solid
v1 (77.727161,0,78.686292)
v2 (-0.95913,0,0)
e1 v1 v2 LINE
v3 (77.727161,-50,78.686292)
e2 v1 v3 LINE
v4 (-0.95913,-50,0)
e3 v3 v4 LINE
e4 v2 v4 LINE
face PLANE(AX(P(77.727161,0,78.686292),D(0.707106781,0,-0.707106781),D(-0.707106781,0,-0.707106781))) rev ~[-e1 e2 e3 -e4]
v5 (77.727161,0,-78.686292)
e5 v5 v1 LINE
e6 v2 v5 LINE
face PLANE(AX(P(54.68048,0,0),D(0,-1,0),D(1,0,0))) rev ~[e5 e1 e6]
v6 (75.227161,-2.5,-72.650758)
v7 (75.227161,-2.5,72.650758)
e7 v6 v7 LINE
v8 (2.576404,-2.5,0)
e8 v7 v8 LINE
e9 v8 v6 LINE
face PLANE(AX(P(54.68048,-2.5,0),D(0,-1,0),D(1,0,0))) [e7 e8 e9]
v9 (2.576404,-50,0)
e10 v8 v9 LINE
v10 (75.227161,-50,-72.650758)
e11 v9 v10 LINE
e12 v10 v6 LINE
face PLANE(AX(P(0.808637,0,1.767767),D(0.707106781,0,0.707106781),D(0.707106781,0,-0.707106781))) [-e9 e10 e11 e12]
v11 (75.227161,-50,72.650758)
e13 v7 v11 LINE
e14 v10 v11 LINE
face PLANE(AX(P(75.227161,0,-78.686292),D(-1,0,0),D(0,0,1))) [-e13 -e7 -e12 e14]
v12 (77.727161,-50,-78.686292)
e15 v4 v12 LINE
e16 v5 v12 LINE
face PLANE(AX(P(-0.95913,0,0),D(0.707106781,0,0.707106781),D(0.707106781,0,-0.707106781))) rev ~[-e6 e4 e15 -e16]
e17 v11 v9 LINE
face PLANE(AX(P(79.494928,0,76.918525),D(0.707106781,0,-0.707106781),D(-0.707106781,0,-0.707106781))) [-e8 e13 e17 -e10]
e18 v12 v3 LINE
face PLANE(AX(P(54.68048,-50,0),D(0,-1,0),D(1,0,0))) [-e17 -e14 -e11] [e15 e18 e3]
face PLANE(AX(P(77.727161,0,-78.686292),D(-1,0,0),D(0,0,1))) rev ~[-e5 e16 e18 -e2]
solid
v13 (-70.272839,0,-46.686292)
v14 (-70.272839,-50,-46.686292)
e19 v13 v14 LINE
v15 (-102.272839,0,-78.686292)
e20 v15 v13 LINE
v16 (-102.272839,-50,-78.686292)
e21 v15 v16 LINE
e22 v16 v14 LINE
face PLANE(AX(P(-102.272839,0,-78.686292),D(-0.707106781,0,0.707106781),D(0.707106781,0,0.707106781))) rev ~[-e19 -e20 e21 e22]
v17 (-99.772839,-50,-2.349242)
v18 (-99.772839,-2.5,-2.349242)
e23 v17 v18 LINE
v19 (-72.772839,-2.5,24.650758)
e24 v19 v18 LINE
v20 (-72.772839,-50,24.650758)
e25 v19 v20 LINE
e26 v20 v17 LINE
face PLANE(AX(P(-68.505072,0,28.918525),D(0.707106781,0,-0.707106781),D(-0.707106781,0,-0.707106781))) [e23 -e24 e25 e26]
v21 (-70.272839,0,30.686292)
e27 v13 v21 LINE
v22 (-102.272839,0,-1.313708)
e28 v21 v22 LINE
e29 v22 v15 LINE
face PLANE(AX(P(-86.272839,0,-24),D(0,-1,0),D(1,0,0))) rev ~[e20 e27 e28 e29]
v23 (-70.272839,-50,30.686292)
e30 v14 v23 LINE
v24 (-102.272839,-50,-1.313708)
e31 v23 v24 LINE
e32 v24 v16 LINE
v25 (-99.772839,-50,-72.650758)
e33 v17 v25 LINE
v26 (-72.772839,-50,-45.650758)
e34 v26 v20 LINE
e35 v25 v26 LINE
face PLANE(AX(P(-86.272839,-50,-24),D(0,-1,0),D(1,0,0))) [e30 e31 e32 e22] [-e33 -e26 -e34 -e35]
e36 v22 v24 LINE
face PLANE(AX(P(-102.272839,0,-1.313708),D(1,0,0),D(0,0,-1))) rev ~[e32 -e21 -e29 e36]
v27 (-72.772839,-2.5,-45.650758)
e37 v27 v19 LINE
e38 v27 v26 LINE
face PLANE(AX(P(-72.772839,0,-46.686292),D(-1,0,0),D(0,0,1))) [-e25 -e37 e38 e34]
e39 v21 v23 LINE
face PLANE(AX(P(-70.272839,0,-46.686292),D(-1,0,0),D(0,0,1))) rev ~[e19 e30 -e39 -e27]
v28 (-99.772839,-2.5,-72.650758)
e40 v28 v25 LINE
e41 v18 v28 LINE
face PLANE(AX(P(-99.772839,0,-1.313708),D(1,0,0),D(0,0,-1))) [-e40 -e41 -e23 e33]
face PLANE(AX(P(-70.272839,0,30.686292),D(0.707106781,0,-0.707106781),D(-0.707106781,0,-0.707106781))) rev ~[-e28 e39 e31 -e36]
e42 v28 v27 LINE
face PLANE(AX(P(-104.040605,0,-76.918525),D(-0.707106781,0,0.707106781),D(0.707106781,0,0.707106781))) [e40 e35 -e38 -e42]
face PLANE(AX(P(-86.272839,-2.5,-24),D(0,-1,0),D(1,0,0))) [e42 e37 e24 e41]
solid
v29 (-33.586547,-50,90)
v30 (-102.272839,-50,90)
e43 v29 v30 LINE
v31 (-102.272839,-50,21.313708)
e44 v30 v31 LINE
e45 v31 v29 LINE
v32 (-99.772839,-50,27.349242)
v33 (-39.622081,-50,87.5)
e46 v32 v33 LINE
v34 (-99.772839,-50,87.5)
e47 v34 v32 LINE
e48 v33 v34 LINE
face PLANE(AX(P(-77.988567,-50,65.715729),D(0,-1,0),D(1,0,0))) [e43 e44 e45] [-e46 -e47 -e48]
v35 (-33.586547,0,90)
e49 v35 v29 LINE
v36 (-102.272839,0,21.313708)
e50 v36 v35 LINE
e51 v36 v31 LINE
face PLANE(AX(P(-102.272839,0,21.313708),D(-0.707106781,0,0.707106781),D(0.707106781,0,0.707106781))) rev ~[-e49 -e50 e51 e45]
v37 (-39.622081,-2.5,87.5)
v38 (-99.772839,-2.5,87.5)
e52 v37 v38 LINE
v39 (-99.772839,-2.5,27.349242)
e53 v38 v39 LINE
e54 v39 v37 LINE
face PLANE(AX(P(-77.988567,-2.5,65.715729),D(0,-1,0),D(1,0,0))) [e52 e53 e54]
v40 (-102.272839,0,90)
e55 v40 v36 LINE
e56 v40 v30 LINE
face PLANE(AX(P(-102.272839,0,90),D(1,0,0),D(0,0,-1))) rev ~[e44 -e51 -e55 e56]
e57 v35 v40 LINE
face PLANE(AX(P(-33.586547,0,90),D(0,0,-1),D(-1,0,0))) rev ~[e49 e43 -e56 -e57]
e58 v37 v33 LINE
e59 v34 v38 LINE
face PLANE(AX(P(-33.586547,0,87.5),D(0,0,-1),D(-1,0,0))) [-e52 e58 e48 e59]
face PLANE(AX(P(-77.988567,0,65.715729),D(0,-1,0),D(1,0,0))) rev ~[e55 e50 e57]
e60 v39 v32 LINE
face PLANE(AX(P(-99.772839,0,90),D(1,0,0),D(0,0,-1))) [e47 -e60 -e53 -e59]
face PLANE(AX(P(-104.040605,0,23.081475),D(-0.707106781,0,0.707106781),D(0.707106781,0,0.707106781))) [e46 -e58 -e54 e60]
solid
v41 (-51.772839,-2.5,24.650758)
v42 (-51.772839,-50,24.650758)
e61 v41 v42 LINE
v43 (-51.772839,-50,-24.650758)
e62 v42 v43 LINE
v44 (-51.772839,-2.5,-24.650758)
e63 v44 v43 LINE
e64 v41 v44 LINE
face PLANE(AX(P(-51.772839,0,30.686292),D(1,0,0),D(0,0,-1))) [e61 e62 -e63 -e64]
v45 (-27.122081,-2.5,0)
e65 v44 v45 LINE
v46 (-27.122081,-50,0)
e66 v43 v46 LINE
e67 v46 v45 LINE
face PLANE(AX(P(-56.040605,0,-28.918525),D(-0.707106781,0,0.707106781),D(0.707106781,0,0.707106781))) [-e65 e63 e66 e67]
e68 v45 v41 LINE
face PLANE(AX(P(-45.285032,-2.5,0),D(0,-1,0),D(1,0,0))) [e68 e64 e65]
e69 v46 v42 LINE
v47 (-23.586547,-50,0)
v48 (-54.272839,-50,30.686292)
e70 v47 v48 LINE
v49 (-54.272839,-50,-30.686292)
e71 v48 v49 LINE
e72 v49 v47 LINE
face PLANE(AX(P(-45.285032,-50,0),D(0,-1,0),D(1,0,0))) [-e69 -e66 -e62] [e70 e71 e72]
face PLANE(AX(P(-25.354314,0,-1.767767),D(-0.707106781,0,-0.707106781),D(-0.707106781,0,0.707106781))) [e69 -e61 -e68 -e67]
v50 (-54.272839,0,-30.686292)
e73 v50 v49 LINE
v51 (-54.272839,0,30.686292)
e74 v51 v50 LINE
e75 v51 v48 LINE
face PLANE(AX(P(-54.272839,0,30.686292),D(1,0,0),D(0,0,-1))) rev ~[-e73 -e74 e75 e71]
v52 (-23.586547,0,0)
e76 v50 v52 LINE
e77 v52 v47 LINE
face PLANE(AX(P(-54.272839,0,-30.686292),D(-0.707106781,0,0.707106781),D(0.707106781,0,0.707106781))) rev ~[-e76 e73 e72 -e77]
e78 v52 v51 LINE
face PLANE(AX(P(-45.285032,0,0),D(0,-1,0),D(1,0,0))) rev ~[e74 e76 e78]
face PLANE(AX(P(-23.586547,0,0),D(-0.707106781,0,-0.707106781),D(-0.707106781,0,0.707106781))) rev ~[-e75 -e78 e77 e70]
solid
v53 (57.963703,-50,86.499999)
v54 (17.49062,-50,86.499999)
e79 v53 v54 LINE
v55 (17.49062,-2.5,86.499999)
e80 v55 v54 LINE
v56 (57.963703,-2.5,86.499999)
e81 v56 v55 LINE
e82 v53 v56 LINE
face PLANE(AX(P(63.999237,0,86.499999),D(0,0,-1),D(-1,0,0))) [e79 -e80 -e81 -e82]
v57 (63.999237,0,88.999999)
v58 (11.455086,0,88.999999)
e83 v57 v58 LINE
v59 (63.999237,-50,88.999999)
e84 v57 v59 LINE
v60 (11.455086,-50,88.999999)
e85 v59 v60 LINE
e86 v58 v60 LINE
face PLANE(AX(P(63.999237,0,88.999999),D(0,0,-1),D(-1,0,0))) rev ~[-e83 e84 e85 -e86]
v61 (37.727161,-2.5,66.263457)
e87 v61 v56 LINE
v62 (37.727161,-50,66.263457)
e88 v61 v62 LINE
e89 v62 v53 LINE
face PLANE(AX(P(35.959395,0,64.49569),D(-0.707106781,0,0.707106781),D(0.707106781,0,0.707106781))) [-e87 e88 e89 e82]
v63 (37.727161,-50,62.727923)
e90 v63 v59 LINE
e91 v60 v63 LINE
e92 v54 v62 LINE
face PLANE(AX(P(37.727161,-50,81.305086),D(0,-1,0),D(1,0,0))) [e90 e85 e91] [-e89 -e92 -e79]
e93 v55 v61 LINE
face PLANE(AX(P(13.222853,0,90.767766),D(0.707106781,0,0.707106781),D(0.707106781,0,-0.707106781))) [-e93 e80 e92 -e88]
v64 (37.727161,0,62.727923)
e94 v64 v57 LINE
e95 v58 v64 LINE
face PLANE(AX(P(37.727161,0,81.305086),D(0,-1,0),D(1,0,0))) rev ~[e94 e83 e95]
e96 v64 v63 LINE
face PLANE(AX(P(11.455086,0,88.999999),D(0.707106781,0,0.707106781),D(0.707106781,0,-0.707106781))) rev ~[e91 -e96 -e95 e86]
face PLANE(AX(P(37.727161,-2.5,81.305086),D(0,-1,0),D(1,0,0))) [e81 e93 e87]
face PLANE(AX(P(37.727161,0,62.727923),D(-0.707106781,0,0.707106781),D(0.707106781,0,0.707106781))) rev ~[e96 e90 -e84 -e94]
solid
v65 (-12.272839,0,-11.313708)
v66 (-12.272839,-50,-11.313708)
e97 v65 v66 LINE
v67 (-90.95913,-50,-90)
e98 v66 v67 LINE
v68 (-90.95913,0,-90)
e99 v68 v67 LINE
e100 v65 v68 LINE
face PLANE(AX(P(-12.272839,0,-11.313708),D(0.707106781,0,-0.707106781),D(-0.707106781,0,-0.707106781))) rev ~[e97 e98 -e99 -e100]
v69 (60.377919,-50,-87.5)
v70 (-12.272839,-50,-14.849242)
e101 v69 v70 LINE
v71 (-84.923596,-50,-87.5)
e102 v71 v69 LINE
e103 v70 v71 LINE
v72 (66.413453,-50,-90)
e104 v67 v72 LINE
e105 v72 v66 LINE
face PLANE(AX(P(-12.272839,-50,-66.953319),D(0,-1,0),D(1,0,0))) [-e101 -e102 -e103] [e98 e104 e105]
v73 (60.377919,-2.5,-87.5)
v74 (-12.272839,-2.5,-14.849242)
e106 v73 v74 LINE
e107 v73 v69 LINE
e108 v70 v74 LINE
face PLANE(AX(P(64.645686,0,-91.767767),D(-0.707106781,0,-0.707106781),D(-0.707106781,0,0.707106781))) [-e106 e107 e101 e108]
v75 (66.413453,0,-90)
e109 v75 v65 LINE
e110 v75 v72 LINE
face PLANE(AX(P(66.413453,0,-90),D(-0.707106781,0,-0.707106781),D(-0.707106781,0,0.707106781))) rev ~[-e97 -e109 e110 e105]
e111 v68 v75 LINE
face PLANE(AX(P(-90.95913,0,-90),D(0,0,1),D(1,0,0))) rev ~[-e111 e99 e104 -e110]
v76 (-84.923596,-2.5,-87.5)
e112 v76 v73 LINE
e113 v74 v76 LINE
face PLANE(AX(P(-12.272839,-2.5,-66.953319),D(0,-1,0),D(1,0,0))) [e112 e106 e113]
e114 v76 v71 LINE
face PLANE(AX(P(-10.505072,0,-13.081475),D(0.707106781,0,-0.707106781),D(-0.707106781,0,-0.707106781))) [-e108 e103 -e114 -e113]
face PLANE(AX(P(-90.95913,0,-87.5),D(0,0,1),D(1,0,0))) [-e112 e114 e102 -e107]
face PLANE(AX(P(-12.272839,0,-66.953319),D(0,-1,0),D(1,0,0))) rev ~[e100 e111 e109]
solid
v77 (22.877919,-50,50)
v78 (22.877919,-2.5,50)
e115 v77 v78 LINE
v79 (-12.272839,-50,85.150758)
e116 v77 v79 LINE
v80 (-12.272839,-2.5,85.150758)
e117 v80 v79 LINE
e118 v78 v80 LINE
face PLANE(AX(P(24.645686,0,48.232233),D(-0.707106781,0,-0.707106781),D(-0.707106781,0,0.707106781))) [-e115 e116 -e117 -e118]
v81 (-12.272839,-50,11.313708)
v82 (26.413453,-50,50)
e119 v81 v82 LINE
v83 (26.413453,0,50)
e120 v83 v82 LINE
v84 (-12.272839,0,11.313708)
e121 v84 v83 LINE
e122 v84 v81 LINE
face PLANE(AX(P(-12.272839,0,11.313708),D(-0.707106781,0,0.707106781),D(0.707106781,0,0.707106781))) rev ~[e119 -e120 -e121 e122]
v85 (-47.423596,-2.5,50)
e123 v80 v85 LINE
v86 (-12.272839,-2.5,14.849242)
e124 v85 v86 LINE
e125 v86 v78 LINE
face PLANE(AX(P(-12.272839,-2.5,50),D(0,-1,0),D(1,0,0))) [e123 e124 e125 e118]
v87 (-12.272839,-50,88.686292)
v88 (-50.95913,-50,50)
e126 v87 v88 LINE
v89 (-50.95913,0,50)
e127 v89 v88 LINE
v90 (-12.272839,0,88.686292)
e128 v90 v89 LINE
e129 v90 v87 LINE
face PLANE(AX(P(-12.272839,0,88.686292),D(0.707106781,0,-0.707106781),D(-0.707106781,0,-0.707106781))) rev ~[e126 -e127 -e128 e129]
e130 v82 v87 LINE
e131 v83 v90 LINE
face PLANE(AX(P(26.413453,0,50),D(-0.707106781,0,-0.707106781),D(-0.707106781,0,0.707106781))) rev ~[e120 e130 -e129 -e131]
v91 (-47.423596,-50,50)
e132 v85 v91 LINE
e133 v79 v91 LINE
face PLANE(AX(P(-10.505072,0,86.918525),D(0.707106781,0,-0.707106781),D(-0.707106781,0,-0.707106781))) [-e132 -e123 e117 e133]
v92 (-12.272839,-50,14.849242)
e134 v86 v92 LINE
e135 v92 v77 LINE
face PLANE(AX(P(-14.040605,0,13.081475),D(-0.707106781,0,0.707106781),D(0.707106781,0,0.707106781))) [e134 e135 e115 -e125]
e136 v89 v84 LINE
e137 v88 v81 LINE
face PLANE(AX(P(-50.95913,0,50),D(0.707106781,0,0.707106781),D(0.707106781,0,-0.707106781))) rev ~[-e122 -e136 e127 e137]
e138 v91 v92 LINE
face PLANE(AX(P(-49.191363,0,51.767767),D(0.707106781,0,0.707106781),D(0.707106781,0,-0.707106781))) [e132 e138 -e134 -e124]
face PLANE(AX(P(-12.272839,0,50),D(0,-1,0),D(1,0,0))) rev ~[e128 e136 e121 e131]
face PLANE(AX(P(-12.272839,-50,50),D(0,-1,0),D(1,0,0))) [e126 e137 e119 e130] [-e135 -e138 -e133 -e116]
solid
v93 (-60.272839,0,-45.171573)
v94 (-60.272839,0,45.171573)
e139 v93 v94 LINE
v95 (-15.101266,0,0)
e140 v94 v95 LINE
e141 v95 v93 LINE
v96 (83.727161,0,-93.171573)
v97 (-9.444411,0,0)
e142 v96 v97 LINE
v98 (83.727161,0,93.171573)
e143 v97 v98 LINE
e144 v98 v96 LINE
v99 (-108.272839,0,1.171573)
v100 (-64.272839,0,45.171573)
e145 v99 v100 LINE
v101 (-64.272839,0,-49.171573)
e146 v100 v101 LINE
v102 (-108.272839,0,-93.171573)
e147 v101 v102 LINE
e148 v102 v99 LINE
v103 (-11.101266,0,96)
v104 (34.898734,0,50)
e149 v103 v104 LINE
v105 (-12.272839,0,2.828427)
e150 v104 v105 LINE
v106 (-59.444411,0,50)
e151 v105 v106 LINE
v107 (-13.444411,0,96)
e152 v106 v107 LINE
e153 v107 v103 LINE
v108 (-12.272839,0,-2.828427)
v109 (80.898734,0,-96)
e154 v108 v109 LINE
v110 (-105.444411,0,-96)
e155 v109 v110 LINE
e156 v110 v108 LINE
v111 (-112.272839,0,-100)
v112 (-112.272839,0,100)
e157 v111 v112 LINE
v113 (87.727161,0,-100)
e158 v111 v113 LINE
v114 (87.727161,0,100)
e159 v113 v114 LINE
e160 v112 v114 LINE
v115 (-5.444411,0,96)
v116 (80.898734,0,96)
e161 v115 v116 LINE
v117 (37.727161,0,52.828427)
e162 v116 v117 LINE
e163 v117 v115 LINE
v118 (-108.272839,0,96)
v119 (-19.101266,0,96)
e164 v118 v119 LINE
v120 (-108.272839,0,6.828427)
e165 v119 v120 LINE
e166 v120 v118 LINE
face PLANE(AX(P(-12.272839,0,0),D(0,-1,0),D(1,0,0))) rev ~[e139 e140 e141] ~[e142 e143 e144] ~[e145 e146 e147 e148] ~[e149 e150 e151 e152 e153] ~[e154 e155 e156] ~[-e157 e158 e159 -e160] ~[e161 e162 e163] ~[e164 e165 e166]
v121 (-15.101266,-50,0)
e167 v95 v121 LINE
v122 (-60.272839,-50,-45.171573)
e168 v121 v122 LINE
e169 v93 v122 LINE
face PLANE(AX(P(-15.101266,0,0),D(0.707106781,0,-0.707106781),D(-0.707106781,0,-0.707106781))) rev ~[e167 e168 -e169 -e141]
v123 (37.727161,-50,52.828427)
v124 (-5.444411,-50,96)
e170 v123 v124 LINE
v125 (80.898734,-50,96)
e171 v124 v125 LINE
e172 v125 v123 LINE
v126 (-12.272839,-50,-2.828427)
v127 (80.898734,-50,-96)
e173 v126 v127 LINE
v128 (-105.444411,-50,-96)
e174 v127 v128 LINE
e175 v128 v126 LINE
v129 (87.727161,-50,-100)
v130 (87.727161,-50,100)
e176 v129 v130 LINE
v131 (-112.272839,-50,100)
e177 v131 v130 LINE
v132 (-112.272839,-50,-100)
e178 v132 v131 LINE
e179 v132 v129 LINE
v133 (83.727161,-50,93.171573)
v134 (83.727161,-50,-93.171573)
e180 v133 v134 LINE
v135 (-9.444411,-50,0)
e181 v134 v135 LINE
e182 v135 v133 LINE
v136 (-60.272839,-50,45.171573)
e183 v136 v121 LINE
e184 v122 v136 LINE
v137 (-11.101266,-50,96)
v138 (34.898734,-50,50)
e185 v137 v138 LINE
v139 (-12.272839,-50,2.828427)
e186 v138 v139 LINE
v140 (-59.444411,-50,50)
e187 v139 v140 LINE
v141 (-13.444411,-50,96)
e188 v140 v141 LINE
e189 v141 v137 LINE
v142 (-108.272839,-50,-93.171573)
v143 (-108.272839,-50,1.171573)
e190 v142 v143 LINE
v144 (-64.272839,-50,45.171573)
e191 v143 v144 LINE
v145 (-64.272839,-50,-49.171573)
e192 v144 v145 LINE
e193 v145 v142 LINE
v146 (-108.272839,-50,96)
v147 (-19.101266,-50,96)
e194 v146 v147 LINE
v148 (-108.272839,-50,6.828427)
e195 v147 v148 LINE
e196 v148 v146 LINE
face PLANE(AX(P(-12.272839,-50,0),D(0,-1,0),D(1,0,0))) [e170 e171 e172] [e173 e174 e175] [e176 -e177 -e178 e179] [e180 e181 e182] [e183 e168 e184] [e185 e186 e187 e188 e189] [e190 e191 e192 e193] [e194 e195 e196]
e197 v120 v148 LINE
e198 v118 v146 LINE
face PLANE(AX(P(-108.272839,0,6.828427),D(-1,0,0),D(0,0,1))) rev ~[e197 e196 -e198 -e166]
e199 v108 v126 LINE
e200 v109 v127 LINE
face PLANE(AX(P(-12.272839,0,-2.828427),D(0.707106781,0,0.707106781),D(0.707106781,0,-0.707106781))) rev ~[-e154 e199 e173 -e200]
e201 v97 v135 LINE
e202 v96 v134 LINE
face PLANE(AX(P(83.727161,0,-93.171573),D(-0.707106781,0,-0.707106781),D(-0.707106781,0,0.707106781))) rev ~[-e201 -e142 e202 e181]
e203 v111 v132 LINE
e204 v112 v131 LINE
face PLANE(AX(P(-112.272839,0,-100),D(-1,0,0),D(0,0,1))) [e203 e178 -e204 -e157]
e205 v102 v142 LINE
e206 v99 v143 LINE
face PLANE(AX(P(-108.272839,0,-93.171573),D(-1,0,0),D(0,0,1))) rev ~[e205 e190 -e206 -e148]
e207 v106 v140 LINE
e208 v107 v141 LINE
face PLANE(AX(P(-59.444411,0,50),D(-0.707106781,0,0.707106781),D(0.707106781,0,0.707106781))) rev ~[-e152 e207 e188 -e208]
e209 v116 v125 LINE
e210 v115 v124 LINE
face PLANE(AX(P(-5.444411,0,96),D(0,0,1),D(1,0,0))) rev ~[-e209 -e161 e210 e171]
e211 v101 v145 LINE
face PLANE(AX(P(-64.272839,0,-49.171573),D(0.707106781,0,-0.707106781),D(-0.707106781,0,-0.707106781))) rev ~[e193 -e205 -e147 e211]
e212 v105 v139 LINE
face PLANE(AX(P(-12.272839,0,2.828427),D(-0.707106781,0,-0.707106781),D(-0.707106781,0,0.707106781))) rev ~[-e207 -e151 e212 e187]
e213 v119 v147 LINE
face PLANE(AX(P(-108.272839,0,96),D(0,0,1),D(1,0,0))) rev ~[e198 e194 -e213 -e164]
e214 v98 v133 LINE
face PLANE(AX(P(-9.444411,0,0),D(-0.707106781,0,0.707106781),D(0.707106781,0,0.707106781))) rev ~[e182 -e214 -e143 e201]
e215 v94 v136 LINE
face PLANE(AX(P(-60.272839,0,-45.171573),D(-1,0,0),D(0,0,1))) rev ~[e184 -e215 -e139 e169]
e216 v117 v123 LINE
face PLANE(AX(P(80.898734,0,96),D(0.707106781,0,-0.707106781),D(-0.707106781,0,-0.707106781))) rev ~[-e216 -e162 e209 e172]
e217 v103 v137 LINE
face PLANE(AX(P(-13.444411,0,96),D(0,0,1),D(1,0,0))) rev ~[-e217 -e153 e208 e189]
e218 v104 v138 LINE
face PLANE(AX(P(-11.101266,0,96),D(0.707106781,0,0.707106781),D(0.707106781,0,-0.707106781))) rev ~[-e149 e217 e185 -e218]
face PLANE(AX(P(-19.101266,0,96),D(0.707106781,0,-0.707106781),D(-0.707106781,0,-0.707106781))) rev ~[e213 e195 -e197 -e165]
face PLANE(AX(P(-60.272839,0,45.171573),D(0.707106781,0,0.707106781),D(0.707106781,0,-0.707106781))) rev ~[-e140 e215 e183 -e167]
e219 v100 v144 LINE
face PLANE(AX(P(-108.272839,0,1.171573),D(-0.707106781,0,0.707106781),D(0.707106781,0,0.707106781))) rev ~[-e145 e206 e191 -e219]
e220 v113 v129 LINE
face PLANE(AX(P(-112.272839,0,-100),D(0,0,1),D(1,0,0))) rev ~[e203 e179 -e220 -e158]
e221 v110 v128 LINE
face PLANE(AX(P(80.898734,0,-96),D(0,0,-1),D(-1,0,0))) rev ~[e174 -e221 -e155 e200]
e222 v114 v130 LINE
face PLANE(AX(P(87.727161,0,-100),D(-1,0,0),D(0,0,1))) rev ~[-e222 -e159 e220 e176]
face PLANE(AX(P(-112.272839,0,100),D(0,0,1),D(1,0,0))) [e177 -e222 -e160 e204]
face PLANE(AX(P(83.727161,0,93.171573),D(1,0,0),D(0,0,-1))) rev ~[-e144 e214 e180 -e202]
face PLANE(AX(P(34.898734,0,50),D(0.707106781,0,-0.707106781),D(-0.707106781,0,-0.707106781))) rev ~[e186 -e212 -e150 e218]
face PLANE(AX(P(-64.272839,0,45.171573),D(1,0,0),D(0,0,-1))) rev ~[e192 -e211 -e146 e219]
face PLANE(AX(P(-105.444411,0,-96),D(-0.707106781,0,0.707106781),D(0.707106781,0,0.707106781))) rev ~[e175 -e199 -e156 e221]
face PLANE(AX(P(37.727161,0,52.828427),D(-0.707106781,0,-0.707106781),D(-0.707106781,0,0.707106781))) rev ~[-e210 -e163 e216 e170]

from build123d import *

# Parameters (mm, degrees)
F0_W     = 200
F0_H     = 200
F1_DEPTH = 50
F3_DEPTH = 50
F4_T     = -2.5
F4_2_T   = -2.5
F4_3_T   = -2.5
F4_4_T   = -2.5
F4_5_T   = -2.5
F4_6_T   = -2.5
F4_7_T   = -2.5


with BuildPart() as f1:
    # F0 (on Front) → F1 (new body)
    with BuildSketch(Plane.XZ):
        with Locations((-12.2728385031, 0)):
            Rectangle(F0_W, F0_H)
        Polygon((-64.2728385031, -49.1715728753), (-108.2728385031, -93.1715728753), (-108.2728385031, 1.1715728753), (-64.2728385031, 45.1715728753), align=None, mode=Mode.SUBTRACT)
        Polygon((-60.2728385031, -45.1715728753), (-60.2728385031, 45.1715728753), (-15.1012656279, 0), align=None, mode=Mode.SUBTRACT)
        Polygon((-12.2728385031, -2.8284271247), (80.8987343721, -96), (-105.4444113784, -96), align=None, mode=Mode.SUBTRACT)
        Polygon((-108.2728385031, 96), (-19.1012656279, 96), (-108.2728385031, 6.8284271247), align=None, mode=Mode.SUBTRACT)
        Polygon((83.7271614969, 93.1715728753), (83.7271614969, -93.1715728753), (-9.4444113784, 0), align=None, mode=Mode.SUBTRACT)
        Polygon((-59.4444113784, 50), (-13.4444113784, 96), (-11.1012656279, 96), (34.8987343721, 50), (-12.2728385031, 2.8284271247), align=None, mode=Mode.SUBTRACT)
        Polygon((-5.4444113784, 96), (80.8987343721, 96), (37.7271614969, 52.8284271247), align=None, mode=Mode.SUBTRACT)
    extrude(amount=F1_DEPTH)


with BuildPart() as f3:
    # F2 (on Front) → F3 (new body)
    with BuildSketch(Plane.XZ):
        Polygon((77.7271614969, -78.686291501), (77.7271614969, 78.686291501), (-0.9591300041, 0), align=None)
    extrude(amount=F3_DEPTH)

    # F4#7
    f4_7_openings = [f3.faces().sort_by_distance(p)[0] for p in [
        (51.498398, -50, 0),
    ]]
    offset(amount=F4_7_T, openings=f4_7_openings)


with BuildPart() as f3b:
    # F2 (on Front) → F3, piece 2 (new body)
    with BuildSketch(Plane.XZ):
        Polygon((-12.2728385031, -11.313708499), (-90.9591300041, -90), (66.4134529979, -90), align=None)
    extrude(amount=F3_DEPTH)

    # F4#3
    f4_3_openings = [f3b.faces().sort_by_distance(p)[0] for p in [
        (-12.272839, -50, -63.771236),
    ]]
    offset(amount=F4_3_T, openings=f4_3_openings)


with BuildPart() as f3c:
    # F2 (on Front) → F3, piece 3 (new body)
    with BuildSketch(Plane.XZ):
        Polygon((26.4134529979, 50), (-12.2728385031, 88.686291501), (-50.9591300041, 50), (-12.2728385031, 11.313708499), align=None)
    extrude(amount=F3_DEPTH)

    # F4#5
    f4_5_openings = [f3c.faces().sort_by_distance(p)[0] for p in [
        (-12.272839, -50, 50),
    ]]
    offset(amount=F4_5_T, openings=f4_5_openings)


with BuildPart() as f3d:
    # F2 (on Front) → F3, piece 4 (new body)
    with BuildSketch(Plane.XZ):
        Polygon((-23.5865470021, 0), (-54.2728385031, 30.686291501), (-54.2728385031, -30.686291501), align=None)
    extrude(amount=F3_DEPTH)

    # F4#4
    f4_4_openings = [f3d.faces().sort_by_distance(p)[0] for p in [
        (-44.044075, -50, 0),
    ]]
    offset(amount=F4_4_T, openings=f4_4_openings)


with BuildPart() as f3e:
    # F2 (on Front) → F3, piece 5 (new body)
    with BuildSketch(Plane.XZ):
        Polygon((-102.2728385031, -1.313708499), (-102.2728385031, -78.686291501), (-70.2728385031, -46.686291501), (-70.2728385031, 30.686291501), align=None)
    extrude(amount=F3_DEPTH)

    # F4
    f4_openings = [f3e.faces().sort_by_distance(p)[0] for p in [
        (-86.272839, -50, -24),
    ]]
    offset(amount=F4_T, openings=f4_openings)


with BuildPart() as f3f:
    # F2 (on Front) → F3, piece 6 (new body)
    with BuildSketch(Plane.XZ):
        Polygon((-102.2728385031, 90), (-102.2728385031, 21.313708499), (-33.5865470021, 90), align=None)
    extrude(amount=F3_DEPTH)

    # F4#2
    f4_2_openings = [f3f.faces().sort_by_distance(p)[0] for p in [
        (-79.377408, -50, 67.104569),
    ]]
    offset(amount=F4_2_T, openings=f4_2_openings)


with BuildPart() as f3g:
    # F2 (on Front) → F3, piece 7 (new body)
    with BuildSketch(Plane.XZ):
        Polygon((63.999237289, 88.9999991109), (11.4550857047, 88.9999991109), (37.7271614969, 62.7279233187), align=None)
    extrude(amount=F3_DEPTH)

    # F4#6
    f4_6_openings = [f3g.faces().sort_by_distance(p)[0] for p in [
        (37.727161, -50, 80.242641),
    ]]
    offset(amount=F4_6_T, openings=f4_6_openings)


solid = Compound([f1.part, f3.part, f3b.part, f3c.part, f3d.part, f3e.part, f3f.part, f3g.part])
